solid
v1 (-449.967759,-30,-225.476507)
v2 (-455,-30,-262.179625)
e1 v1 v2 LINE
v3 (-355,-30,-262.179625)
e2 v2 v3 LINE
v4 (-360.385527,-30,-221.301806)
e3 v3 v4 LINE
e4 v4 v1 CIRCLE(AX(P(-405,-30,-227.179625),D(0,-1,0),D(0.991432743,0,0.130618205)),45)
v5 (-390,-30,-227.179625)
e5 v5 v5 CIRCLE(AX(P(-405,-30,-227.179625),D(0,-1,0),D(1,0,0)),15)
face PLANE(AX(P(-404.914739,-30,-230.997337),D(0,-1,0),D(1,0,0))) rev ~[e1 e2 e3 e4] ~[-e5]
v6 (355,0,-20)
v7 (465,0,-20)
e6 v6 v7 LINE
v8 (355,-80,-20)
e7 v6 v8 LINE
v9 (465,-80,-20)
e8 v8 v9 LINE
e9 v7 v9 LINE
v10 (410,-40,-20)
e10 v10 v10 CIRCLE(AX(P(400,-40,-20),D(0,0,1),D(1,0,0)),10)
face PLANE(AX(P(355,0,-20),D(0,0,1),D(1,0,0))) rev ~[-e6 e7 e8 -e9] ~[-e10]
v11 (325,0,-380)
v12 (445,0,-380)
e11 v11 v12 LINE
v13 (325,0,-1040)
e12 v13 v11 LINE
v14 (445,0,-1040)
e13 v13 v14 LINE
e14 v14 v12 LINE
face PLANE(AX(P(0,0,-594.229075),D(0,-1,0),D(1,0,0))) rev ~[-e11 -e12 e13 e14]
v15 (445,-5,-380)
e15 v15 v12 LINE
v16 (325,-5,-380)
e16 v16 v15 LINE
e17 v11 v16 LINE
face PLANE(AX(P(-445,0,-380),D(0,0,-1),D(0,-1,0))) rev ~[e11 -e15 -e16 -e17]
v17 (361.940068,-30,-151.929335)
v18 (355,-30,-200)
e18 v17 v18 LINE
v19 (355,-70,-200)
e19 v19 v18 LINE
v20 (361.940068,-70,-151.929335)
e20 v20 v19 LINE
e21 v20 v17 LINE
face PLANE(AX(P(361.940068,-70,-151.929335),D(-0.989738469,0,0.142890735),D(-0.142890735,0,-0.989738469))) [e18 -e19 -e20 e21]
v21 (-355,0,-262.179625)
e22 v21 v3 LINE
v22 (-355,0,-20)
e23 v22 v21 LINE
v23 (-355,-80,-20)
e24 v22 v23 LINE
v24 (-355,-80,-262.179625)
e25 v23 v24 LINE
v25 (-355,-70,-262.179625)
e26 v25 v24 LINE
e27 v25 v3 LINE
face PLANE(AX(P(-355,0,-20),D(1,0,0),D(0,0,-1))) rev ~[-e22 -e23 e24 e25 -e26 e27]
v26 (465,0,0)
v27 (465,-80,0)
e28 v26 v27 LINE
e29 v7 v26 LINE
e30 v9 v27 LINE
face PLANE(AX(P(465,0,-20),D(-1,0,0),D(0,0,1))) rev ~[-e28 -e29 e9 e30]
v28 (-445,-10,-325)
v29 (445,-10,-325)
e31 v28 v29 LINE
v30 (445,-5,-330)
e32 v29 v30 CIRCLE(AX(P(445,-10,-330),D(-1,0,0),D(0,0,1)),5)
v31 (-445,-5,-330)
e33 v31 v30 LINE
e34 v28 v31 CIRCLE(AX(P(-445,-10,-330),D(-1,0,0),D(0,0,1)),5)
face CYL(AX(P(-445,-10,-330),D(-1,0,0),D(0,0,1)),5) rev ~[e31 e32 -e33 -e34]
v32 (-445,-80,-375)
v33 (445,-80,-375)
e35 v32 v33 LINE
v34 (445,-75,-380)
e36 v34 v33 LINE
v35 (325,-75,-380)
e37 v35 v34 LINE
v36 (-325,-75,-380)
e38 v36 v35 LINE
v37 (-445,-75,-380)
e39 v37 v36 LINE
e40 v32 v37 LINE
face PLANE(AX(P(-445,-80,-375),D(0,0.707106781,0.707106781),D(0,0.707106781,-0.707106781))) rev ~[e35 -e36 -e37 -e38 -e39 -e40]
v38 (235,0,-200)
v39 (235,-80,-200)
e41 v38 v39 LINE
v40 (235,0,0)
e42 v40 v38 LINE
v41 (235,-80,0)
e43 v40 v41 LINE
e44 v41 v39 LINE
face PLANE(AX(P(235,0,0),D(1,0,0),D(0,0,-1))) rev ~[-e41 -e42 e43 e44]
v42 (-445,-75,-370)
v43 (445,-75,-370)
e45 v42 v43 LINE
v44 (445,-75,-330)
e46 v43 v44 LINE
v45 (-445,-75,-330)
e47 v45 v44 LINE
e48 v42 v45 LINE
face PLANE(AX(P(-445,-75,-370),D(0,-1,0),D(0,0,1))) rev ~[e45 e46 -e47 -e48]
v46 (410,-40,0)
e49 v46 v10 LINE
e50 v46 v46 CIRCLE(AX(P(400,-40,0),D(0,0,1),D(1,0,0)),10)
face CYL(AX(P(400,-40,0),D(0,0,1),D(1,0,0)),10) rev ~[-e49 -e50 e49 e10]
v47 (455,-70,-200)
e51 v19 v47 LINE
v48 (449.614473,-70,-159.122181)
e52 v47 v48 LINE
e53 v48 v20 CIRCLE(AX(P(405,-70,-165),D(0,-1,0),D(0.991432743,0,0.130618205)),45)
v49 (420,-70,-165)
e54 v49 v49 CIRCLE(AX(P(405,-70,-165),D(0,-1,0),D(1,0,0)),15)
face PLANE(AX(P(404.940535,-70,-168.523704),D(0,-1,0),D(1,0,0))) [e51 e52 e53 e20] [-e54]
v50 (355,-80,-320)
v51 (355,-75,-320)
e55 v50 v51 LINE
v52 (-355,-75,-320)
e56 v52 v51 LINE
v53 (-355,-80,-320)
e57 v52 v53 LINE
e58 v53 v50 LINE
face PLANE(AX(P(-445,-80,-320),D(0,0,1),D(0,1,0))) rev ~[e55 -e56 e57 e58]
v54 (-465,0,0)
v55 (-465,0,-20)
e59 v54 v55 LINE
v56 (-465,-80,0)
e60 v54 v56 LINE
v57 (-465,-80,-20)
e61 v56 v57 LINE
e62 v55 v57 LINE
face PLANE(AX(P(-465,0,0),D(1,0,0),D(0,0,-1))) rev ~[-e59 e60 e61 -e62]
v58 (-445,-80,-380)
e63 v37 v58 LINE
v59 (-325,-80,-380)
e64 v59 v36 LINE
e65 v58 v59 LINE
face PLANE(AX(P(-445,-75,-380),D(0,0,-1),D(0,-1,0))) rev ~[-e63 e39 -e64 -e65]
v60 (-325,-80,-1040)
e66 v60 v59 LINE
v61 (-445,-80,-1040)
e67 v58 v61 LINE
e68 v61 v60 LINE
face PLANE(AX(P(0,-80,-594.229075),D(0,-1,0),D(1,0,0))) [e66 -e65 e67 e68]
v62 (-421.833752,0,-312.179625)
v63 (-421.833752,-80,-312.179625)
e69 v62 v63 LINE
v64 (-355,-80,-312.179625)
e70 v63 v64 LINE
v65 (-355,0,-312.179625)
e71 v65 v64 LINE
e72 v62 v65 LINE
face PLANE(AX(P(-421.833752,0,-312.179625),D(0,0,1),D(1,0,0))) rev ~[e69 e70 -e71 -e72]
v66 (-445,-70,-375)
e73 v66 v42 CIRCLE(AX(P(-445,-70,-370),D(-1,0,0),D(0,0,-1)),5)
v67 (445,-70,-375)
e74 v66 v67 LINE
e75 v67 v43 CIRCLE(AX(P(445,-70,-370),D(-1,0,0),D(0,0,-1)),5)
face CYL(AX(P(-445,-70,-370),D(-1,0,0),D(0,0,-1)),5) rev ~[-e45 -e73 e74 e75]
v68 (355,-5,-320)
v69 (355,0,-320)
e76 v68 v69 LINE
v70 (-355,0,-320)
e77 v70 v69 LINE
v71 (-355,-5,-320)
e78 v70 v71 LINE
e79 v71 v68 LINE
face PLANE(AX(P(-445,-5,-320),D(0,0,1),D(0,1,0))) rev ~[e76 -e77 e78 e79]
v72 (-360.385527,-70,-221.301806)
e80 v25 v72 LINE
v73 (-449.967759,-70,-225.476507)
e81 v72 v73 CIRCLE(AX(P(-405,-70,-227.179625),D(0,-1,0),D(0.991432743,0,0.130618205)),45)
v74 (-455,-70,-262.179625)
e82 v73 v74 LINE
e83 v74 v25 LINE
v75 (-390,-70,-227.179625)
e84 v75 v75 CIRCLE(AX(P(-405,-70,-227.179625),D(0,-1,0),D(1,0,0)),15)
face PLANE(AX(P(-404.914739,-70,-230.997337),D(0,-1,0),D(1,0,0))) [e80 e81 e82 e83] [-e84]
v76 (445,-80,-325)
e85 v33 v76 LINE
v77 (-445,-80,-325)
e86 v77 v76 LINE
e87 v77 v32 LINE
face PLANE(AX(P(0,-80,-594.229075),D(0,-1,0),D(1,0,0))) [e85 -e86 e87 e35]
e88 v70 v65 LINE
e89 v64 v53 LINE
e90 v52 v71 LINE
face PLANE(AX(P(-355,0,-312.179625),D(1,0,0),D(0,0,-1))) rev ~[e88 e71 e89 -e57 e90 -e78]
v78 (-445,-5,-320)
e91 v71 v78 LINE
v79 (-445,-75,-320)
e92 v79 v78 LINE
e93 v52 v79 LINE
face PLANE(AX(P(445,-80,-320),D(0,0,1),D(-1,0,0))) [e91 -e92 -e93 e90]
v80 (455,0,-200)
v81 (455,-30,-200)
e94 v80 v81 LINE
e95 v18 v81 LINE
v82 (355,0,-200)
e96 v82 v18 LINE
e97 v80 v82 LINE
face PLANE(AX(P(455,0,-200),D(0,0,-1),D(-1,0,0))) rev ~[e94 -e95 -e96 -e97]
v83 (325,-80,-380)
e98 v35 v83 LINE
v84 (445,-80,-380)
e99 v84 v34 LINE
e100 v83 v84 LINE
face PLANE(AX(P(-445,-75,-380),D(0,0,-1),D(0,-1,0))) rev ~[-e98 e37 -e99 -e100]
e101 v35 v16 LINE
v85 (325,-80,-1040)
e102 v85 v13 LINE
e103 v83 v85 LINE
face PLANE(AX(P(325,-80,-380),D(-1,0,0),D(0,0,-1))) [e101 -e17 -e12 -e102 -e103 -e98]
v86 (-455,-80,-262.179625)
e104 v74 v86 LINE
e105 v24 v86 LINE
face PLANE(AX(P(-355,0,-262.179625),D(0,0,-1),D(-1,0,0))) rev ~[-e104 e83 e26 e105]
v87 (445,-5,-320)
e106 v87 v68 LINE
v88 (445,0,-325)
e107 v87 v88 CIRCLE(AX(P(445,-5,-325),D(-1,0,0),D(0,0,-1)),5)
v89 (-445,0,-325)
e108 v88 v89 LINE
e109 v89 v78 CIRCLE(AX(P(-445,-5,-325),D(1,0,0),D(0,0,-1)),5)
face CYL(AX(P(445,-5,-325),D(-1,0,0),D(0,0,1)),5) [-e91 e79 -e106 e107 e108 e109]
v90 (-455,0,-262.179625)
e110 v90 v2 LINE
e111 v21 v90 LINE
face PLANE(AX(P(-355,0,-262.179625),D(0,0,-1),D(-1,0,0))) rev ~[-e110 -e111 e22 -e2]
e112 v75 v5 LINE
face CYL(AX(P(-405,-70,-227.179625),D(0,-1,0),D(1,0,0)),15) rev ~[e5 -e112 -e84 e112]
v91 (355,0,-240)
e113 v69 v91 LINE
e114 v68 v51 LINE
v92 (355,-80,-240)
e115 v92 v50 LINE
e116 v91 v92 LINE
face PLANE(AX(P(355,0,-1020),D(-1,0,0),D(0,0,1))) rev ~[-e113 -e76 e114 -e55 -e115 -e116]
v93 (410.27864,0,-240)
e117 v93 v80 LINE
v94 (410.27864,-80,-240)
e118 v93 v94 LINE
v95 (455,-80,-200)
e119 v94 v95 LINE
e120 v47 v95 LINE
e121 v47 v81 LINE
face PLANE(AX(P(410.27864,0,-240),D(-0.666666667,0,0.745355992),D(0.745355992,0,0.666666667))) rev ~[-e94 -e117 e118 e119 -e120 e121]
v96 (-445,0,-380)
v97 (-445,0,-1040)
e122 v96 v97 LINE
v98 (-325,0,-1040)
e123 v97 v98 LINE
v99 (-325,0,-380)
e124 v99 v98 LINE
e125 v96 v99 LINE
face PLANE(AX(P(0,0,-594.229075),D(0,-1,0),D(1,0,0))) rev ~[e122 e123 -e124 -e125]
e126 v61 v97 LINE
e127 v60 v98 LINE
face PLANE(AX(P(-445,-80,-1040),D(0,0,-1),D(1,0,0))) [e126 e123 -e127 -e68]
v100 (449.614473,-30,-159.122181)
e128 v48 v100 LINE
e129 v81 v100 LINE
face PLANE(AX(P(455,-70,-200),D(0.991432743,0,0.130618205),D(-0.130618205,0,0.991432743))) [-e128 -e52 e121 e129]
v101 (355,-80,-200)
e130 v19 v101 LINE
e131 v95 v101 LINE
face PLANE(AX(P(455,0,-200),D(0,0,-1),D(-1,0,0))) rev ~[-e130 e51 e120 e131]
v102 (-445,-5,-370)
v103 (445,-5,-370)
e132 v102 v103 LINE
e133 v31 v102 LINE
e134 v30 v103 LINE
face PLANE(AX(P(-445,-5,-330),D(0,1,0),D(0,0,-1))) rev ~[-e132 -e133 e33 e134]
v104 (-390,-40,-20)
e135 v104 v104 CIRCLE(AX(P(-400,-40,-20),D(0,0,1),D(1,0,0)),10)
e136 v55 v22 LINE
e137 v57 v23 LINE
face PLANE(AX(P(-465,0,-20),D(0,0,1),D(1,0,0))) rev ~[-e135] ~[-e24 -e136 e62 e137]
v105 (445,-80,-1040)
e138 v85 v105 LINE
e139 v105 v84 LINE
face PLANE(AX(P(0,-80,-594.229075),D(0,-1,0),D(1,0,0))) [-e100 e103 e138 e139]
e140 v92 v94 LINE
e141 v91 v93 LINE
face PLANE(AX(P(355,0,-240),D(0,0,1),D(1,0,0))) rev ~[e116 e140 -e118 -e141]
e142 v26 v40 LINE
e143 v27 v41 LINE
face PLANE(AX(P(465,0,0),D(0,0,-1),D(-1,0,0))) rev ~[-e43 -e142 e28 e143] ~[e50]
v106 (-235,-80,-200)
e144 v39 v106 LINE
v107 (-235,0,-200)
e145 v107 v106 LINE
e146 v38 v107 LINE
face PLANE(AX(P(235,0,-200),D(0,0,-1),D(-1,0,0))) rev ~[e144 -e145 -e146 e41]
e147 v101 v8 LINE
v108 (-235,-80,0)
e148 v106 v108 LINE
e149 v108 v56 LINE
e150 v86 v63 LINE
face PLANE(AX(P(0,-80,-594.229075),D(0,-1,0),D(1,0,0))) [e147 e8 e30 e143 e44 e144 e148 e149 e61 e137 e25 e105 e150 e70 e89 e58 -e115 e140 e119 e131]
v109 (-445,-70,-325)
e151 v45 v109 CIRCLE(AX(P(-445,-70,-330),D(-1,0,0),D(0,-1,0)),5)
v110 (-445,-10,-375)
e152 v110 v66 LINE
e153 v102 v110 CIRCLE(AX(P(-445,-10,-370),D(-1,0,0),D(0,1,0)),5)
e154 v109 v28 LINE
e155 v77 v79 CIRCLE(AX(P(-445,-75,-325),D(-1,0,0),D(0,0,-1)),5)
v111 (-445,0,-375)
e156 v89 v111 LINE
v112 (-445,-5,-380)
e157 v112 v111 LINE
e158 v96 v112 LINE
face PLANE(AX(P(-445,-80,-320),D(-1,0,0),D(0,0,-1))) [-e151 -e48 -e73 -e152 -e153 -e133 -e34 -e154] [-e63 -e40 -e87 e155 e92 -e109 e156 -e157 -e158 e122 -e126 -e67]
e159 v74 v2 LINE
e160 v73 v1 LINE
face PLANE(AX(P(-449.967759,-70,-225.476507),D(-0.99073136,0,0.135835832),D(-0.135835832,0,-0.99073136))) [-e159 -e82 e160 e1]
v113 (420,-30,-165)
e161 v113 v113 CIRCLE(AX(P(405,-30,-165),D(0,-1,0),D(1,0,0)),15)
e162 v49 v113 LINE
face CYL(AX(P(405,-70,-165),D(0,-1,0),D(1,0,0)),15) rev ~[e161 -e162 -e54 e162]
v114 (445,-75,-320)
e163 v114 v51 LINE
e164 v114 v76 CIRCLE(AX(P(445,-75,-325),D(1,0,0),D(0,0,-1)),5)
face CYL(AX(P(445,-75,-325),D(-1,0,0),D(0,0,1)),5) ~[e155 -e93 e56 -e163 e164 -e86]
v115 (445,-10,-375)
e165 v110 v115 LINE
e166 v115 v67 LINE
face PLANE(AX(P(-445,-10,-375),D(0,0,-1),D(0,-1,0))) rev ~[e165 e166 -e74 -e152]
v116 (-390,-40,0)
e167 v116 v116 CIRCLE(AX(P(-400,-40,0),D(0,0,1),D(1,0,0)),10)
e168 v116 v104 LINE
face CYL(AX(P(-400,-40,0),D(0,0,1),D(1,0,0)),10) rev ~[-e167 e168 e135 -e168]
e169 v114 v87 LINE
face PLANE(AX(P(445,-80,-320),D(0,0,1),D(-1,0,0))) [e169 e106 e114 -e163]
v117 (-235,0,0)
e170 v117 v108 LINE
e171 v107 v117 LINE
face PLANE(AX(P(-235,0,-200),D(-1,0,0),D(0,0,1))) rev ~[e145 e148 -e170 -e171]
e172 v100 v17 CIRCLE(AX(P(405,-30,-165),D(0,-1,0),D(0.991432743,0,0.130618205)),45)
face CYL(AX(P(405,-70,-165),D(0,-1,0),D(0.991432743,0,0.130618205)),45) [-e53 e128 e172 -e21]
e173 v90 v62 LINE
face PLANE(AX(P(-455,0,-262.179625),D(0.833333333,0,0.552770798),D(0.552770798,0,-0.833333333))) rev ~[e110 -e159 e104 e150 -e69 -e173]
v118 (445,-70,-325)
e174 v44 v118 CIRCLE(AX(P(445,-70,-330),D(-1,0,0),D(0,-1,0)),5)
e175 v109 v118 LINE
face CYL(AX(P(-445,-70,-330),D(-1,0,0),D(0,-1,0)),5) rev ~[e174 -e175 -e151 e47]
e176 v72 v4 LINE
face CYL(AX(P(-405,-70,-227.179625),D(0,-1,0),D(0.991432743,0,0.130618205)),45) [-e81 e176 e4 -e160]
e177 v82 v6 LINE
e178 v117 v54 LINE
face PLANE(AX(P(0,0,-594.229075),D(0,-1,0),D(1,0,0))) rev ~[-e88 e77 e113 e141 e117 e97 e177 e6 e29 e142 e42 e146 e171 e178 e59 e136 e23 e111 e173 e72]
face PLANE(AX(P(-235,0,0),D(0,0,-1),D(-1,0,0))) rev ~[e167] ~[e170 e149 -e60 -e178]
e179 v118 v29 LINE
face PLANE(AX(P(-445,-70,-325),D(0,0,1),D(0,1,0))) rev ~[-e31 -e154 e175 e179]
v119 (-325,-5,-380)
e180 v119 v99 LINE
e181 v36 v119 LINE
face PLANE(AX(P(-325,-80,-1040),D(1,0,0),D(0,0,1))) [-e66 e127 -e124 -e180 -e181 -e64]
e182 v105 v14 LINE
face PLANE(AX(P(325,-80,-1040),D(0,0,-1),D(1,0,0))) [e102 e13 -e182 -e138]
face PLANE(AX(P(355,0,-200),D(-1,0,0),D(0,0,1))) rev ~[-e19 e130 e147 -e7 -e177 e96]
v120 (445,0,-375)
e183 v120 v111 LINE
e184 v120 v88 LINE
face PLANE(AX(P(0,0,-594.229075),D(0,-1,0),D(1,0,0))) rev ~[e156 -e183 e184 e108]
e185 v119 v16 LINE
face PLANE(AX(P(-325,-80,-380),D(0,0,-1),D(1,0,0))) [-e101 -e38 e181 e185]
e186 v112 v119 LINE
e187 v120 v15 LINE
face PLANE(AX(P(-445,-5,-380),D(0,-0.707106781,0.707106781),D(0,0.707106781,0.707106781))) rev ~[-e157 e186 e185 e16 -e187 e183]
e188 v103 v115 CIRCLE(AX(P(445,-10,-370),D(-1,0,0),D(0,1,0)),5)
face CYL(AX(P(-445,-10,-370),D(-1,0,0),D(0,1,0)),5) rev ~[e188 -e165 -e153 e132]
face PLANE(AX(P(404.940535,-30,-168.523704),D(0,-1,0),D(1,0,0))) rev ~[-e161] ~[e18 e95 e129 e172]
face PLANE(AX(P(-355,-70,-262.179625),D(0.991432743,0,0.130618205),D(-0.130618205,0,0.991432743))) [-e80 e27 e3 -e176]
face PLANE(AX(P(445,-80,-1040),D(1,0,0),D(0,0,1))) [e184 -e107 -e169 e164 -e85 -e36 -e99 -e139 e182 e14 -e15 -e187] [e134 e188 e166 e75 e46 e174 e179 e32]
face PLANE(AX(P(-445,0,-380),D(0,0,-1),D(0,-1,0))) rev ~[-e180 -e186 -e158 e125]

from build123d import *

# Parameters (mm, degrees)
F0_W      = 470
F0_H      = 400
F0_W_2    = 60
F0_H_2    = 20
F1_DEPTH  = 80
F2_W      = 989.0920937061
F2_H      = 720
F3_DEPTH  = 80
F4_R      = 10
F5_DEPTH  = 25
F7_START  = -10
F6_R      = 15
F7_DEPTH  = 40
F10_DEPTH = 80
F12_DEPTH = 890
F13_R     = 5
F15_DEPTH = 1000
F17_DEPTH = 890


with BuildPart() as f1:
    # F0 (on Front) → F1 (new body)
    with BuildSketch(Plane.XZ):
        Polygon((-235, 0), (-355, 0), (-465, 0), (-465, -20), (-355, -20), (-355, -262.1796250343), (-455, -262.1796250343), (-421.8337520964, -312.1796250343), (-355, -312.1796250343), (-355, -1020), (-355, -1040), (-235, -1040), (-235, -840), (235, -840), (235, -1040), (355, -1040), (355, -1020), (355, -240), (410.27864045, -240), (455, -200), (355, -200), (355, -20), (465, -20), (465, 0), (355, 0), (235, 0), (235, -200), (-235, -200), align=None)
        with Locations((0, -520)):
            Rectangle(F0_W, F0_H, mode=Mode.SUBTRACT)
        with Locations((-385, -1030)):
            Rectangle(F0_W_2, F0_H_2)
        with Locations((385, -1030)):
            Rectangle(F0_W_2, F0_H_2)
    extrude(amount=F1_DEPTH)

    # F2 (on face) → F3 (cut)
    with BuildSketch(Plane.XZ.offset(80)):
        with Locations((42.8487956524, -680)):
            Rectangle(F2_W, F2_H)
    extrude(amount=-F3_DEPTH, mode=Mode.SUBTRACT)

    # F4 (on face) → F5 (cut)
    with BuildSketch(Plane.XY):
        with Locations((-400, -40)):
            Circle(F4_R)
        with Locations((400, -40)):
            Circle(F4_R)
    extrude(amount=-F5_DEPTH, mode=Mode.SUBTRACT)

    # F6 (on face) → F7 (join)
    with BuildSketch(Plane.XZ.offset(80).offset(F7_START)):
        with BuildLine():
            Line((-355, -262.1796250343), (-360.3855265494, -221.3018058192))
            ThreePointArc((-360.3855265494, -221.3018058192), (-407.0948116692, -182.2284096551), (-449.9677594515, -225.4765073318))
            Line((-449.9677594515, -225.4765073318), (-455, -262.1796250343))
            Line((-455, -262.1796250343), (-355, -262.1796250343))
        make_face()
        with Locations((-405, -227.1796250343)):
            Circle(F6_R, mode=Mode.SUBTRACT)
        with BuildLine():
            Line((355, -200), (455, -200))
            Line((455, -200), (449.6144734506, -159.1221807849))
            ThreePointArc((449.6144734506, -159.1221807849), (408.6794577223, -120.1506790367), (361.9400684353, -151.9293346135))
            Line((361.9400684353, -151.9293346135), (355, -200))
        make_face()
        with Locations((405, -165)):
            Circle(F6_R, mode=Mode.SUBTRACT)
    extrude(amount=-F7_DEPTH)

    # F9 (on face) → F10 (join)
    with BuildSketch(Plane.XZ.offset(80)):
        Polygon((445, -320), (-445, -320), (-445, -380), (-445, -1040), (-325, -1040), (-325, -380), (325, -380), (325, -1040), (445, -1040), (445, -380), align=None)
    extrude(amount=-F10_DEPTH)

    # F11 (on face) → F12 (cut)
    with BuildSketch(Plane(origin=(-445, 0, 0), x_dir=(0, -1, 0), z_dir=(-1, 0, 0))):
        with BuildLine():
            Line((70, -325), (10, -325))
            ThreePointArc((10, -325), (6.4644660941, -326.4644660941), (5, -330))
            Line((5, -330), (5, -370))
            ThreePointArc((5, -370), (6.4644660941, -373.5355339059), (10, -375))
            Line((10, -375), (70, -375))
            ThreePointArc((70, -375), (73.5355339059, -373.5355339059), (75, -370))
            Line((75, -370), (75, -330))
            ThreePointArc((75, -330), (73.5355339059, -326.4644660941), (70, -325))
        make_face()
    extrude(amount=-F12_DEPTH, mode=Mode.SUBTRACT)

    # F13
    f13_edges = [f1.edges().sort_by_distance(p)[0] for p in [
        (-400, -80, -320),
        (-400, 0, -320),
        (0, -80, -380),
        (0, 0, -380),
        (400, -80, -320),
        (400, 0, -320),
    ]]
    fillet(f13_edges, radius=F13_R)

    # F14 (on face) → F15 (cut)
    with BuildSketch(Plane(origin=(-445, 0, 0), x_dir=(0, -1, 0), z_dir=(-1, 0, 0))):
        Polygon((75, -380), (80, -380), (80, -375), align=None)
        Polygon((0, -375), (0, -380), (5, -380), align=None)
    extrude(amount=-F15_DEPTH, mode=Mode.SUBTRACT)

    # F16 (on face) → F17 (cut)
    with BuildSketch(Plane(origin=(-445, 0, 0), x_dir=(0, -1, 0), z_dir=(-1, 0, 0))):
        with BuildLine():
            ThreePointArc((75, -320), (78.5355339059, -321.4644660941), (80, -325))
            Line((80, -325), (80, -320))
            Line((80, -320), (75, -320))
        make_face()
        with BuildLine():
            ThreePointArc((0, -325), (1.4644660941, -321.4644660941), (5, -320))
            Line((5, -320), (0, -320))
            Line((0, -320), (0, -325))
        make_face()
    extrude(amount=-F17_DEPTH, mode=Mode.SUBTRACT)


solid = f1.part
